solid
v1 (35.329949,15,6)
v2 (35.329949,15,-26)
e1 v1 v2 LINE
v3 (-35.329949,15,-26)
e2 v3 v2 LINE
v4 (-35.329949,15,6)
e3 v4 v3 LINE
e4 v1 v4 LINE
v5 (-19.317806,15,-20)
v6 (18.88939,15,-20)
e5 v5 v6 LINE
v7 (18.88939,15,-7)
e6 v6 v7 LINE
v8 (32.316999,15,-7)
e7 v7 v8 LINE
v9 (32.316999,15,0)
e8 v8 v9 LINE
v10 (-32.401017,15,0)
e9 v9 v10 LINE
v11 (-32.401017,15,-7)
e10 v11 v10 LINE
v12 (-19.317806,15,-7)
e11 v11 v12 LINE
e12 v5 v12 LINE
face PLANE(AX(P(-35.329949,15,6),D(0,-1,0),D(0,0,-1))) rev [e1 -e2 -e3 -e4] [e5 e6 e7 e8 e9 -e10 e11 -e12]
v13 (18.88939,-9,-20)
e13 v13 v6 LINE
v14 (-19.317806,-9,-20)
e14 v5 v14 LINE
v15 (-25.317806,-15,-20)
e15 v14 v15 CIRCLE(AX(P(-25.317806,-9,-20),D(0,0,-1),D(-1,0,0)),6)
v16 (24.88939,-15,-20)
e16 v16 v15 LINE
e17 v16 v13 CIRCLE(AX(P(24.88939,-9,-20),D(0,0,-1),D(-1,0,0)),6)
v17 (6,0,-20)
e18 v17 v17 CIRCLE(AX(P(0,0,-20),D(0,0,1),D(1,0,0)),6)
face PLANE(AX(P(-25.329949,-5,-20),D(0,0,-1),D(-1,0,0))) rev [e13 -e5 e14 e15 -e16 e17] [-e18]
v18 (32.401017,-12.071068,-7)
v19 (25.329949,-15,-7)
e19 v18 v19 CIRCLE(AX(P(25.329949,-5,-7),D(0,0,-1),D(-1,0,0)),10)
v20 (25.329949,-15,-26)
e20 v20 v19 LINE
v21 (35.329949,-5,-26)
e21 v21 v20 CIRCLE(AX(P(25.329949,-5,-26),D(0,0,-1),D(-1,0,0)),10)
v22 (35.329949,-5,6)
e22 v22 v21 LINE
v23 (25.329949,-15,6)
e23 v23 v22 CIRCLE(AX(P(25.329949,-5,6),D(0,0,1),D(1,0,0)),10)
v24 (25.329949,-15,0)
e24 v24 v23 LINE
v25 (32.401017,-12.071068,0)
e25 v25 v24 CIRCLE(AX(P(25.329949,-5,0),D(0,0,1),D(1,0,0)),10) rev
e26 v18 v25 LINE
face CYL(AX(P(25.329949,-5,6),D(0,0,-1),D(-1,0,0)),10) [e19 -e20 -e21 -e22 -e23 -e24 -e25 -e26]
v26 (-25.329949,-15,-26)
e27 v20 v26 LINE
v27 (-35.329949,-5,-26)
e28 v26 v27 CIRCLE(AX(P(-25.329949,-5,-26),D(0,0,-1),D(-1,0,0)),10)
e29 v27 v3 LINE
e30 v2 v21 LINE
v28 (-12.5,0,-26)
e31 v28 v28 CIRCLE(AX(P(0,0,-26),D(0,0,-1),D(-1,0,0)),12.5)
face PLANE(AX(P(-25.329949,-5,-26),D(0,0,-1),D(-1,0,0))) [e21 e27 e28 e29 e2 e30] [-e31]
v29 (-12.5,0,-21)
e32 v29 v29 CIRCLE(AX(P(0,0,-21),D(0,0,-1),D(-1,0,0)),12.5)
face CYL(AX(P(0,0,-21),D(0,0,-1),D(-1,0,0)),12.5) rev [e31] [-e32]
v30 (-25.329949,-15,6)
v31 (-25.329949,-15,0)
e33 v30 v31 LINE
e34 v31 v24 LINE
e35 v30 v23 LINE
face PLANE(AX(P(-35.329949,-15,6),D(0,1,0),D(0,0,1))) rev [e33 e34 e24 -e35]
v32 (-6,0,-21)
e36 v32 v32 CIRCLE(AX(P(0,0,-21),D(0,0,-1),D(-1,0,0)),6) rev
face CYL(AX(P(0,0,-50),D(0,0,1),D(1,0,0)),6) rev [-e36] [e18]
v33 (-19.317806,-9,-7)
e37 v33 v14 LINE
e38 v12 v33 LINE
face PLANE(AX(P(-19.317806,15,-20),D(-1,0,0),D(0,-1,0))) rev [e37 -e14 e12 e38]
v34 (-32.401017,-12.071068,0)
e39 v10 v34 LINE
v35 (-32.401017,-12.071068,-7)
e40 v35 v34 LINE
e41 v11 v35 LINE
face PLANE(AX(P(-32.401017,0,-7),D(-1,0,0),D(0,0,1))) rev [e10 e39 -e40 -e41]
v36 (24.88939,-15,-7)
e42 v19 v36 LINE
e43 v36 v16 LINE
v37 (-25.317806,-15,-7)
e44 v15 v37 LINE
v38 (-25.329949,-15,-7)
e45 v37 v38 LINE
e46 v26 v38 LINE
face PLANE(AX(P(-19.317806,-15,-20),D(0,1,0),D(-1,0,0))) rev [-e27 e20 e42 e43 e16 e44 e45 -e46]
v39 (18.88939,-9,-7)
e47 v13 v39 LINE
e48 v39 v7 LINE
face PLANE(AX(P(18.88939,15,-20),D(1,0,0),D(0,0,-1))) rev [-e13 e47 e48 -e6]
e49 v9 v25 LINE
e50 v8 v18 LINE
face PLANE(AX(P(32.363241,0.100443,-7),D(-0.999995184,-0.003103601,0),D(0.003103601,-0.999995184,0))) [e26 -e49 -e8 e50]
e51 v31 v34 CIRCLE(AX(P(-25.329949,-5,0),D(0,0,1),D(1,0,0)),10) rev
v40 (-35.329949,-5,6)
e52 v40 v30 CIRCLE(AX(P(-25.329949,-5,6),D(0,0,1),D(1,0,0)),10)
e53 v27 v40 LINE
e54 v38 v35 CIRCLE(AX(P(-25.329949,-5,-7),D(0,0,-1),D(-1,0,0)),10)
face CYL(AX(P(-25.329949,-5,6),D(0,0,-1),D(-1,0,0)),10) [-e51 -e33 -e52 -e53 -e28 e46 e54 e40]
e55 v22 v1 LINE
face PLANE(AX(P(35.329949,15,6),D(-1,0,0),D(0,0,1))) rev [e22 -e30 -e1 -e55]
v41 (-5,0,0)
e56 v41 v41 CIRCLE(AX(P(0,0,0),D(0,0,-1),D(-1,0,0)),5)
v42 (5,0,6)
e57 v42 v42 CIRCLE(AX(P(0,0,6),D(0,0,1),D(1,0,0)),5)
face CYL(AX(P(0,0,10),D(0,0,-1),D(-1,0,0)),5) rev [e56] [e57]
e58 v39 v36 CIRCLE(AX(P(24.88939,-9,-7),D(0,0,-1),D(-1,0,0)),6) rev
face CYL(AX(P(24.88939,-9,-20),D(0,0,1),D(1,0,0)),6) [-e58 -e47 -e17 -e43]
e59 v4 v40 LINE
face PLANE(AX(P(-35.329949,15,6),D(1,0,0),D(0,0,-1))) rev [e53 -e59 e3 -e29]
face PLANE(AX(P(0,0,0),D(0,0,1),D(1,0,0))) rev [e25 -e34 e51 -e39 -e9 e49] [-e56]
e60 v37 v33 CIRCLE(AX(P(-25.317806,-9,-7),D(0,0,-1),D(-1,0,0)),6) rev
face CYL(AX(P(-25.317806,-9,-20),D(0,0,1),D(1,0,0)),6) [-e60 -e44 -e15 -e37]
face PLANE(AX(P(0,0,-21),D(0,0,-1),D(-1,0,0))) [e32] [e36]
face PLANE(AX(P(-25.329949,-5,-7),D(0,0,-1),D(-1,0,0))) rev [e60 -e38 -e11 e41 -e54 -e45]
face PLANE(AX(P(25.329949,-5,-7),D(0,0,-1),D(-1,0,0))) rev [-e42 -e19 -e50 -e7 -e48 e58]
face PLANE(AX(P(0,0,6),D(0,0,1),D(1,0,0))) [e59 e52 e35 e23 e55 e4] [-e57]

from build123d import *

# Parameters (mm, degrees)
SKETCH1_W           = 70.659898478
SKETCH1_H           = 30
BOSS_EXTRUDE1_DEPTH = 6
SKETCH2_R           = 5
CUT_EXTRUDE1_DEPTH  = 10
FILLET1_R           = 10
BOSS_EXTRUDE2_DEPTH = 7
BOSS_EXTRUDE3_DEPTH = 13
FILLET2_R           = 6
BOSS_EXTRUDE4_DEPTH = 6
SKETCH8_R           = 6
CUT_EXTRUDE2_DEPTH  = 30
SKETCH9_R           = 12.5
CUT_EXTRUDE3_DEPTH  = 5


with BuildPart() as part:
    # Sketch1 → Boss-Extrude1 (new body)
    with BuildSketch(Plane.XY):
        Rectangle(SKETCH1_W, SKETCH1_H)
    extrude(amount=BOSS_EXTRUDE1_DEPTH)

    # Sketch2 → Cut-Extrude1 (cut)
    with BuildSketch(Plane(origin=(0, 0, 0), x_dir=(-1, 0, 0), z_dir=(0, 0, -1))):
        Circle(SKETCH2_R)
    extrude(amount=-CUT_EXTRUDE1_DEPTH, mode=Mode.SUBTRACT)

    # Fillet1
    fillet1_edges = [part.edges().sort_by_distance(p)[0] for p in [
        (35.329949239, -15, 3),
        (-35.329949239, -15, 3),
    ]]
    fillet(fillet1_edges, radius=FILLET1_R)

    # Sketch4 → Boss-Extrude2 (add)
    with BuildSketch(Plane(origin=(0, 0, 0), x_dir=(-1, 0, 0), z_dir=(0, 0, -1))):
        with BuildLine():
            Line((-32.40101705, -12.071067812), (-32.316998846, 15))
            Line((-32.316998846, 15), (-35.329949239, 15))
            Line((-35.329949239, 15), (-35.329949239, -5))
            ThreePointArc((-35.329949239, -5), (-34.568744564, -8.826834324), (-32.40101705, -12.071067812))
        make_face()
        with BuildLine():
            Line((35.329949239, -5), (35.329949239, 15))
            Line((35.329949239, 15), (32.40101705, 15))
            Line((32.40101705, 15), (32.40101705, -12.071067812))
            ThreePointArc((32.40101705, -12.071067812), (34.568744564, -8.826834324), (35.329949239, -5))
        make_face()
    extrude(amount=BOSS_EXTRUDE2_DEPTH)

    # Sketch6 → Boss-Extrude3 (add)
    with BuildSketch(Plane(origin=(0, 0, -7), x_dir=(-1, 0, 0), z_dir=(0, 0, -1))):
        with BuildLine():
            Line((-18.889389891, 15), (-18.889389891, -15))
            Line((-18.889389891, -15), (-25.329949239, -15))
            ThreePointArc((-25.329949239, -15), (-32.40101705, -12.071067812), (-35.329949239, -5))
            Line((-35.329949239, -5), (-35.329949239, 15))
            Line((-35.329949239, 15), (-18.889389891, 15))
        make_face()
        with BuildLine():
            Line((19.317805732, 15), (19.317805732, -15))
            Line((19.317805732, -15), (25.329949239, -15))
            ThreePointArc((25.329949239, -15), (32.40101705, -12.071067812), (35.329949239, -5))
            Line((35.329949239, -5), (35.329949239, 15))
            Line((35.329949239, 15), (19.317805732, 15))
        make_face()
    extrude(amount=BOSS_EXTRUDE3_DEPTH)

    # Fillet2
    fillet2_edges = [part.edges().sort_by_distance(p)[0] for p in [
        (-19.317805732, -15, -13.5),
        (18.889389891, -15, -13.5),
    ]]
    fillet(fillet2_edges, radius=FILLET2_R)

    # Sketch7 → Boss-Extrude4 (add)
    with BuildSketch(Plane(origin=(0, 0, -20), x_dir=(-1, 0, 0), z_dir=(0, 0, -1))):
        with BuildLine():
            Line((-25.329949239, -15), (25.329949239, -15))
            ThreePointArc((25.329949239, -15), (32.40101705, -12.071067812), (35.329949239, -5))
            Line((35.329949239, -5), (35.329949239, 15))
            Line((35.329949239, 15), (-35.329949239, 15))
            Line((-35.329949239, 15), (-35.329949239, -5))
            ThreePointArc((-35.329949239, -5), (-32.40101705, -12.071067812), (-25.329949239, -15))
        make_face()
    extrude(amount=BOSS_EXTRUDE4_DEPTH)

    # Sketch8 → Cut-Extrude2 (cut)
    with BuildSketch(Plane.XY.offset(-20)):
        Circle(SKETCH8_R)
    extrude(amount=-CUT_EXTRUDE2_DEPTH, mode=Mode.SUBTRACT)

    # Sketch9 → Cut-Extrude3 (cut)
    with BuildSketch(Plane(origin=(0, 0, -26), x_dir=(-1, 0, 0), z_dir=(0, 0, -1))):
        Circle(SKETCH9_R)
    extrude(amount=-CUT_EXTRUDE3_DEPTH, mode=Mode.SUBTRACT)


solid = part.part
